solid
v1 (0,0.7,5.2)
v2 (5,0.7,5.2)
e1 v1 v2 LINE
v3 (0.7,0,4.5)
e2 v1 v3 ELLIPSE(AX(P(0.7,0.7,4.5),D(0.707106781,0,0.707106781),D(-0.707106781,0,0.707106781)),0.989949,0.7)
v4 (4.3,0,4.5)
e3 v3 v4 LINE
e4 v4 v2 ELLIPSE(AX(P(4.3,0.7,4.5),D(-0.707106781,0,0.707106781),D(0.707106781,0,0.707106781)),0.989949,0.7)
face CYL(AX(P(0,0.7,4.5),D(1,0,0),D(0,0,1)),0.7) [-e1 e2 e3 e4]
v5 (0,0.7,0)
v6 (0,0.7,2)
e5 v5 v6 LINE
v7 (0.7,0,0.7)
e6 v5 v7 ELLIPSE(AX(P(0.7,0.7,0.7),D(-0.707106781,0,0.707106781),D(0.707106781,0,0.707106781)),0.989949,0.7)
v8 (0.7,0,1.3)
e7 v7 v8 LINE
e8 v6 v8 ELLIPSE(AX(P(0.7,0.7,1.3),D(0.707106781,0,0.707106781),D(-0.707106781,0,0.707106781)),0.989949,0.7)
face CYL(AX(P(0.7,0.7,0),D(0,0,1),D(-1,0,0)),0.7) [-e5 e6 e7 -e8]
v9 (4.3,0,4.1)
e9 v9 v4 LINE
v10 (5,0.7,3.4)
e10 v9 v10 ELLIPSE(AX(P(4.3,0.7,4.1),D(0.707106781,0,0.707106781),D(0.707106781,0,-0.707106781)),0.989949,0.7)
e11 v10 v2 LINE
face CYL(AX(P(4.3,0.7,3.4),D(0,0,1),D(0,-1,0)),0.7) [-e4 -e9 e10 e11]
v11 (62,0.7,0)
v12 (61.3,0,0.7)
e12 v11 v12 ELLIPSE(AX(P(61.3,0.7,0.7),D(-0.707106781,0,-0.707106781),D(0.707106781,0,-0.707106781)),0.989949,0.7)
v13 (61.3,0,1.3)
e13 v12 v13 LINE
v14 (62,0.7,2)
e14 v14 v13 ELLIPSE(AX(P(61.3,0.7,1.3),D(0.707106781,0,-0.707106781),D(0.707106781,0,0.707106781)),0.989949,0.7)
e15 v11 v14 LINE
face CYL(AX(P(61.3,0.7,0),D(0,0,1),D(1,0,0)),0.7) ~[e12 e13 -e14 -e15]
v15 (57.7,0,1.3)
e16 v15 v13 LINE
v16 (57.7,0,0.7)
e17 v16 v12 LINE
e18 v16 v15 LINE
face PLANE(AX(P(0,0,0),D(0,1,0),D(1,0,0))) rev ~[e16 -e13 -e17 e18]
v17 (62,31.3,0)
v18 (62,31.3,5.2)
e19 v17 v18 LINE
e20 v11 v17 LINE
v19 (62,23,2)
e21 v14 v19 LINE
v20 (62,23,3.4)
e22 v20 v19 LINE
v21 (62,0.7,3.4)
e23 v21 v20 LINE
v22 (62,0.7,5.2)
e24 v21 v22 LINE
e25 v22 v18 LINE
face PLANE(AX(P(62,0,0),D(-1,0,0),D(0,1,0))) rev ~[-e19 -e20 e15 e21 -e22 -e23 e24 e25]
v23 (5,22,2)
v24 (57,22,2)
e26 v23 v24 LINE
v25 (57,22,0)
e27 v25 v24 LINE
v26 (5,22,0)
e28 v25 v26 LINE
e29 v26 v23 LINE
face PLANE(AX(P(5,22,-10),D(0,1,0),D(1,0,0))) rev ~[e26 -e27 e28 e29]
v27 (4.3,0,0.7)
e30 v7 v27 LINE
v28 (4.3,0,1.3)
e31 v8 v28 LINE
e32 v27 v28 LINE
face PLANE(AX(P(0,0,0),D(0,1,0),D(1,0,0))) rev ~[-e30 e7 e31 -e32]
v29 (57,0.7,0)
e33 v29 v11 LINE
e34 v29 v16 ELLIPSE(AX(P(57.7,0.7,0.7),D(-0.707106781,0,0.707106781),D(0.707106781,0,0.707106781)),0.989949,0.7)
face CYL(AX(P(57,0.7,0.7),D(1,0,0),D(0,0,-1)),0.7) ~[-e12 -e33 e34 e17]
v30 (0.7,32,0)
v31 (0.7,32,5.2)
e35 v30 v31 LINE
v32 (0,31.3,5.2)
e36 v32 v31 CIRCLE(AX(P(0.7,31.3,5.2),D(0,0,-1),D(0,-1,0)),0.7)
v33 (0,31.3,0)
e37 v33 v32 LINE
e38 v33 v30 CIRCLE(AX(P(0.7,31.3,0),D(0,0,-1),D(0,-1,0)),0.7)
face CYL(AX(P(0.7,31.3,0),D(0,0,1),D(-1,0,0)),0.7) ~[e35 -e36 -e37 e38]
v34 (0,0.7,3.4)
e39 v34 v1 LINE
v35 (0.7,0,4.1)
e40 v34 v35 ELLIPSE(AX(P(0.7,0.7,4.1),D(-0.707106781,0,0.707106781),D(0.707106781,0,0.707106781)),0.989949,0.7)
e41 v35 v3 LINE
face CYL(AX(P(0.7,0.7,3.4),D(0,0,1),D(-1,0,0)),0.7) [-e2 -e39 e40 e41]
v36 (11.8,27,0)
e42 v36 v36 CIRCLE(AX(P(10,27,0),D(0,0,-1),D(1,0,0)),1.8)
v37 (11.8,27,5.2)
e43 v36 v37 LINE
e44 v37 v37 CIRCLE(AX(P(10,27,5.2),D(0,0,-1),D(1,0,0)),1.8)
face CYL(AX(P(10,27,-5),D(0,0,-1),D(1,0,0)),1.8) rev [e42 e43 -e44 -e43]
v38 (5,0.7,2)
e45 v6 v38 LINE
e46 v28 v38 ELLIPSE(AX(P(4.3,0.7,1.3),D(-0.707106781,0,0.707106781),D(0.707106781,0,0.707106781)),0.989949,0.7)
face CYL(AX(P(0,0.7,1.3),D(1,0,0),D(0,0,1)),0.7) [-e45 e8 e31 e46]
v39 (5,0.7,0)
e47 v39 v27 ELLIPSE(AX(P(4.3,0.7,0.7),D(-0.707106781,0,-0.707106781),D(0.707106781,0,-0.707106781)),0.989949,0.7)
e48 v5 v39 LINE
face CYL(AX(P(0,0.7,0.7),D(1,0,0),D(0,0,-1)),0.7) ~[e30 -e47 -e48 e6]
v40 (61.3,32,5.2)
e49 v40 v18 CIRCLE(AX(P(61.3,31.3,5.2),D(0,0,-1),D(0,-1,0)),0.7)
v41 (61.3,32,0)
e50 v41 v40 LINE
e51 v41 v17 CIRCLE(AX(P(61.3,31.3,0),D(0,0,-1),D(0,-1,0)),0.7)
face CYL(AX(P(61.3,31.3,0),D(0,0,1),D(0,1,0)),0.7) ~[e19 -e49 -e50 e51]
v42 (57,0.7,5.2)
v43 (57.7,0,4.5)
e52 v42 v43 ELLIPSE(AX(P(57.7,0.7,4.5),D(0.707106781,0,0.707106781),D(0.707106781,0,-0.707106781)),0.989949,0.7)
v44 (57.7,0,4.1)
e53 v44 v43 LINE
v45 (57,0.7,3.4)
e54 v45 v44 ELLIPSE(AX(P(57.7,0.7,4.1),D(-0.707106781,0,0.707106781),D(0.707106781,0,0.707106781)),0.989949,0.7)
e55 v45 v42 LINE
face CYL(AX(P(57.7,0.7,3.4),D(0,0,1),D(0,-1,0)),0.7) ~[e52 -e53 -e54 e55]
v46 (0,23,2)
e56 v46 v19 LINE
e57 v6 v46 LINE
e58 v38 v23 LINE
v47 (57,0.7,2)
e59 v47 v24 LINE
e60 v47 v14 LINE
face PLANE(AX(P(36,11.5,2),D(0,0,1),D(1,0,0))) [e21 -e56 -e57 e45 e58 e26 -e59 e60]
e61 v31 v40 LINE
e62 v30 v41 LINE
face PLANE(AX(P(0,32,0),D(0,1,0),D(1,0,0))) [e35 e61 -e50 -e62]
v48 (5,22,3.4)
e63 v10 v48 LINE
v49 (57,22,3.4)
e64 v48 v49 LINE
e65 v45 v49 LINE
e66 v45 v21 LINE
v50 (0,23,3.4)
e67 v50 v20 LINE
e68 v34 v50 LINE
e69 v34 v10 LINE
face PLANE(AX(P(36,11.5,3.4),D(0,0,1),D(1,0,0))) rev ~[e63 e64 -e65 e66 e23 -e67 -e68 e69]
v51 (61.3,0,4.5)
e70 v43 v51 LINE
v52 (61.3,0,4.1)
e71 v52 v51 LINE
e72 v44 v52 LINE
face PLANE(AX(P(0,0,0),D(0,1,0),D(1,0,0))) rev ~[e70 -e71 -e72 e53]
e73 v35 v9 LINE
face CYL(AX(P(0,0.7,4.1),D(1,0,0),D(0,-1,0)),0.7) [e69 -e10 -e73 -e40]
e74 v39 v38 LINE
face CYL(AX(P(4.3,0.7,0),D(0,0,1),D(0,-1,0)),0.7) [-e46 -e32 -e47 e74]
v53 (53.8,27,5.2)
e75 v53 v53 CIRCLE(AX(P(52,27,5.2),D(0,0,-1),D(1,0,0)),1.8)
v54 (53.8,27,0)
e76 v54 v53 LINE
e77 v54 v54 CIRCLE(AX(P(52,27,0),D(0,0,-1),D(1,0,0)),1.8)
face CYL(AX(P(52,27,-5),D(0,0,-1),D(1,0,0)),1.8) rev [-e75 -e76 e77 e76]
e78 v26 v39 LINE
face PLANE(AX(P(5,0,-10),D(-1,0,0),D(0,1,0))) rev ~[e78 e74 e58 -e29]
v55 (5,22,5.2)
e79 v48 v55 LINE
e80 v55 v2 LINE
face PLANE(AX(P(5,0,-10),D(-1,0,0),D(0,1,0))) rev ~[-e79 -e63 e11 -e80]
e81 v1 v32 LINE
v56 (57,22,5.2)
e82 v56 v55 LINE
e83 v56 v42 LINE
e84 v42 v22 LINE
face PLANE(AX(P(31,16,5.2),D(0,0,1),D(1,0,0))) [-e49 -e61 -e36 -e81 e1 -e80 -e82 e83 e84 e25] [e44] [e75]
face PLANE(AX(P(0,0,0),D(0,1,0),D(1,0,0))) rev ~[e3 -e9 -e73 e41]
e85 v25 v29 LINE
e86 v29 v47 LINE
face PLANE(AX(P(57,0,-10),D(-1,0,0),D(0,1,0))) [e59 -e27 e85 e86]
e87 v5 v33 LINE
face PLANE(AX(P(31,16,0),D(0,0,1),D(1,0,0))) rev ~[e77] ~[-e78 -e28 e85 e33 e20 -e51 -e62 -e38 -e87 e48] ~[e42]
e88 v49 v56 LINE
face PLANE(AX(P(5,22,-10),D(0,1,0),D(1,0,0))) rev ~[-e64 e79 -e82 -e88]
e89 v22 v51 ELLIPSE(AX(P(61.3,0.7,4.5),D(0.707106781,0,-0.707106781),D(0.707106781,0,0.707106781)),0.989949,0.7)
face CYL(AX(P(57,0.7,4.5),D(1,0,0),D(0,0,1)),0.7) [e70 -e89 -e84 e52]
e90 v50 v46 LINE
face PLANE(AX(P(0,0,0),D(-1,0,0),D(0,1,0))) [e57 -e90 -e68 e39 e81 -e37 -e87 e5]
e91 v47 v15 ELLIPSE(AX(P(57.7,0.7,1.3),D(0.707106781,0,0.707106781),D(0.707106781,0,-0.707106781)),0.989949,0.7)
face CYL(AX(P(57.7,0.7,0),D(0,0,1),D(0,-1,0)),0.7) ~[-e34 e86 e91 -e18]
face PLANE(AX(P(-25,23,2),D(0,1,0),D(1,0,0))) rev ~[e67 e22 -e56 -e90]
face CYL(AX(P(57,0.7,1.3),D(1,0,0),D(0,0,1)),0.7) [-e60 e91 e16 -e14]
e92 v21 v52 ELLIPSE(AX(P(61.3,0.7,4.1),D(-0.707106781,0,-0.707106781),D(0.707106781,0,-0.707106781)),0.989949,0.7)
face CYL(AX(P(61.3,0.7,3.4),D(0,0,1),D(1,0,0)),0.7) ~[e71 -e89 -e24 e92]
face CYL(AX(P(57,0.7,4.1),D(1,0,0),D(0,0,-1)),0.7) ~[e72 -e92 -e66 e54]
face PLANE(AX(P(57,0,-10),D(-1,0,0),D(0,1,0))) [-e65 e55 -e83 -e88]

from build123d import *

# Parameters (mm, degrees)
CYLINDER051_R       = 1.8
CYLINDER051_DEPTH   = 20
ARRAY001022_X_COUNT = 2
ARRAY001022_X_PITCH = 42
BOX022_W            = 122
BOX022_H            = 23
BOX022_DEPTH        = 1.4
BOX020_W            = 52
BOX020_H            = 22
BOX020_DEPTH        = 20
BOX019_W            = 62
BOX019_H            = 32
BOX019_DEPTH        = 5.2
FILLET010_R         = 0.7


with BuildPart() as microslider_bolt_hole_array:
    # Cylinder051 → Cylinder051 (new body)
    with BuildSketch(Plane(origin=(10, 27, -5), x_dir=(1, 0, 0), z_dir=(0, 0, 1))):
        Circle(CYLINDER051_R)
    extrude(amount=CYLINDER051_DEPTH)

    # Array001022 X: microslider bolt hole array ×2


with BuildPart() as microslider_bolt_hole_array_1:
    add(microslider_bolt_hole_array.part)
    with Locations(*[(i * ARRAY001022_X_PITCH, 0, 0) for i in range(1, ARRAY001022_X_COUNT)]):
        add(microslider_bolt_hole_array.part)


with BuildPart() as microslider_holder_height_centre:
    # Box022 → Box022 (new body)
    with BuildSketch(Plane(origin=(-25, 0, 2), x_dir=(1, 0, 0), z_dir=(0, 0, 1))):
        with Locations((61, 11.5)):
            Rectangle(BOX022_W, BOX022_H)
    extrude(amount=BOX022_DEPTH)


with BuildPart() as microslider_cut_fusion:
    # Box020 → Box020 (new body)
    with BuildSketch(Plane(origin=(5, 0, -10), x_dir=(1, 0, 0), z_dir=(0, 0, 1))):
        with Locations((26, 11)):
            Rectangle(BOX020_W, BOX020_H)
    extrude(amount=BOX020_DEPTH)

    # Fusion033: union microslider holder height centre
    add(microslider_holder_height_centre.part)


with BuildPart() as microslide_holder_bolted_cut:
    # Box019 → Box019 (new body)
    with BuildSketch(Plane.XY):
        with Locations((31, 16)):
            Rectangle(BOX019_W, BOX019_H)
    extrude(amount=BOX019_DEPTH)

    # Cut019: cut microslider cut fusion
    add(microslider_cut_fusion.part, mode=Mode.SUBTRACT)

    # Fillet010
    fillet010_edges = [microslide_holder_bolted_cut.edges().sort_by_distance(p)[0] for p in [
        (0, 0, 1),
        (0, 0, 4.3),
        (0, 32, 2.6),
        (2.5, 0, 0),
        (5, 0, 1),
        (2.5, 0, 2),
        (59.5, 0, 2),
        (59.5, 0, 3.4),
        (2.5, 0, 3.4),
        (5, 0, 4.3),
        (2.5, 0, 5.2),
        (59.5, 0, 5.2),
        (62, 32, 2.6),
        (59.5, 0, 0),
        (62, 0, 1),
        (62, 0, 4.3),
        (57, 0, 1),
        (57, 0, 4.3),
    ]]
    fillet(fillet010_edges, radius=FILLET010_R)

    # Cut020: cut microslider bolt hole array
    add(microslider_bolt_hole_array_1.part, mode=Mode.SUBTRACT)


solid = microslide_holder_bolted_cut.part
